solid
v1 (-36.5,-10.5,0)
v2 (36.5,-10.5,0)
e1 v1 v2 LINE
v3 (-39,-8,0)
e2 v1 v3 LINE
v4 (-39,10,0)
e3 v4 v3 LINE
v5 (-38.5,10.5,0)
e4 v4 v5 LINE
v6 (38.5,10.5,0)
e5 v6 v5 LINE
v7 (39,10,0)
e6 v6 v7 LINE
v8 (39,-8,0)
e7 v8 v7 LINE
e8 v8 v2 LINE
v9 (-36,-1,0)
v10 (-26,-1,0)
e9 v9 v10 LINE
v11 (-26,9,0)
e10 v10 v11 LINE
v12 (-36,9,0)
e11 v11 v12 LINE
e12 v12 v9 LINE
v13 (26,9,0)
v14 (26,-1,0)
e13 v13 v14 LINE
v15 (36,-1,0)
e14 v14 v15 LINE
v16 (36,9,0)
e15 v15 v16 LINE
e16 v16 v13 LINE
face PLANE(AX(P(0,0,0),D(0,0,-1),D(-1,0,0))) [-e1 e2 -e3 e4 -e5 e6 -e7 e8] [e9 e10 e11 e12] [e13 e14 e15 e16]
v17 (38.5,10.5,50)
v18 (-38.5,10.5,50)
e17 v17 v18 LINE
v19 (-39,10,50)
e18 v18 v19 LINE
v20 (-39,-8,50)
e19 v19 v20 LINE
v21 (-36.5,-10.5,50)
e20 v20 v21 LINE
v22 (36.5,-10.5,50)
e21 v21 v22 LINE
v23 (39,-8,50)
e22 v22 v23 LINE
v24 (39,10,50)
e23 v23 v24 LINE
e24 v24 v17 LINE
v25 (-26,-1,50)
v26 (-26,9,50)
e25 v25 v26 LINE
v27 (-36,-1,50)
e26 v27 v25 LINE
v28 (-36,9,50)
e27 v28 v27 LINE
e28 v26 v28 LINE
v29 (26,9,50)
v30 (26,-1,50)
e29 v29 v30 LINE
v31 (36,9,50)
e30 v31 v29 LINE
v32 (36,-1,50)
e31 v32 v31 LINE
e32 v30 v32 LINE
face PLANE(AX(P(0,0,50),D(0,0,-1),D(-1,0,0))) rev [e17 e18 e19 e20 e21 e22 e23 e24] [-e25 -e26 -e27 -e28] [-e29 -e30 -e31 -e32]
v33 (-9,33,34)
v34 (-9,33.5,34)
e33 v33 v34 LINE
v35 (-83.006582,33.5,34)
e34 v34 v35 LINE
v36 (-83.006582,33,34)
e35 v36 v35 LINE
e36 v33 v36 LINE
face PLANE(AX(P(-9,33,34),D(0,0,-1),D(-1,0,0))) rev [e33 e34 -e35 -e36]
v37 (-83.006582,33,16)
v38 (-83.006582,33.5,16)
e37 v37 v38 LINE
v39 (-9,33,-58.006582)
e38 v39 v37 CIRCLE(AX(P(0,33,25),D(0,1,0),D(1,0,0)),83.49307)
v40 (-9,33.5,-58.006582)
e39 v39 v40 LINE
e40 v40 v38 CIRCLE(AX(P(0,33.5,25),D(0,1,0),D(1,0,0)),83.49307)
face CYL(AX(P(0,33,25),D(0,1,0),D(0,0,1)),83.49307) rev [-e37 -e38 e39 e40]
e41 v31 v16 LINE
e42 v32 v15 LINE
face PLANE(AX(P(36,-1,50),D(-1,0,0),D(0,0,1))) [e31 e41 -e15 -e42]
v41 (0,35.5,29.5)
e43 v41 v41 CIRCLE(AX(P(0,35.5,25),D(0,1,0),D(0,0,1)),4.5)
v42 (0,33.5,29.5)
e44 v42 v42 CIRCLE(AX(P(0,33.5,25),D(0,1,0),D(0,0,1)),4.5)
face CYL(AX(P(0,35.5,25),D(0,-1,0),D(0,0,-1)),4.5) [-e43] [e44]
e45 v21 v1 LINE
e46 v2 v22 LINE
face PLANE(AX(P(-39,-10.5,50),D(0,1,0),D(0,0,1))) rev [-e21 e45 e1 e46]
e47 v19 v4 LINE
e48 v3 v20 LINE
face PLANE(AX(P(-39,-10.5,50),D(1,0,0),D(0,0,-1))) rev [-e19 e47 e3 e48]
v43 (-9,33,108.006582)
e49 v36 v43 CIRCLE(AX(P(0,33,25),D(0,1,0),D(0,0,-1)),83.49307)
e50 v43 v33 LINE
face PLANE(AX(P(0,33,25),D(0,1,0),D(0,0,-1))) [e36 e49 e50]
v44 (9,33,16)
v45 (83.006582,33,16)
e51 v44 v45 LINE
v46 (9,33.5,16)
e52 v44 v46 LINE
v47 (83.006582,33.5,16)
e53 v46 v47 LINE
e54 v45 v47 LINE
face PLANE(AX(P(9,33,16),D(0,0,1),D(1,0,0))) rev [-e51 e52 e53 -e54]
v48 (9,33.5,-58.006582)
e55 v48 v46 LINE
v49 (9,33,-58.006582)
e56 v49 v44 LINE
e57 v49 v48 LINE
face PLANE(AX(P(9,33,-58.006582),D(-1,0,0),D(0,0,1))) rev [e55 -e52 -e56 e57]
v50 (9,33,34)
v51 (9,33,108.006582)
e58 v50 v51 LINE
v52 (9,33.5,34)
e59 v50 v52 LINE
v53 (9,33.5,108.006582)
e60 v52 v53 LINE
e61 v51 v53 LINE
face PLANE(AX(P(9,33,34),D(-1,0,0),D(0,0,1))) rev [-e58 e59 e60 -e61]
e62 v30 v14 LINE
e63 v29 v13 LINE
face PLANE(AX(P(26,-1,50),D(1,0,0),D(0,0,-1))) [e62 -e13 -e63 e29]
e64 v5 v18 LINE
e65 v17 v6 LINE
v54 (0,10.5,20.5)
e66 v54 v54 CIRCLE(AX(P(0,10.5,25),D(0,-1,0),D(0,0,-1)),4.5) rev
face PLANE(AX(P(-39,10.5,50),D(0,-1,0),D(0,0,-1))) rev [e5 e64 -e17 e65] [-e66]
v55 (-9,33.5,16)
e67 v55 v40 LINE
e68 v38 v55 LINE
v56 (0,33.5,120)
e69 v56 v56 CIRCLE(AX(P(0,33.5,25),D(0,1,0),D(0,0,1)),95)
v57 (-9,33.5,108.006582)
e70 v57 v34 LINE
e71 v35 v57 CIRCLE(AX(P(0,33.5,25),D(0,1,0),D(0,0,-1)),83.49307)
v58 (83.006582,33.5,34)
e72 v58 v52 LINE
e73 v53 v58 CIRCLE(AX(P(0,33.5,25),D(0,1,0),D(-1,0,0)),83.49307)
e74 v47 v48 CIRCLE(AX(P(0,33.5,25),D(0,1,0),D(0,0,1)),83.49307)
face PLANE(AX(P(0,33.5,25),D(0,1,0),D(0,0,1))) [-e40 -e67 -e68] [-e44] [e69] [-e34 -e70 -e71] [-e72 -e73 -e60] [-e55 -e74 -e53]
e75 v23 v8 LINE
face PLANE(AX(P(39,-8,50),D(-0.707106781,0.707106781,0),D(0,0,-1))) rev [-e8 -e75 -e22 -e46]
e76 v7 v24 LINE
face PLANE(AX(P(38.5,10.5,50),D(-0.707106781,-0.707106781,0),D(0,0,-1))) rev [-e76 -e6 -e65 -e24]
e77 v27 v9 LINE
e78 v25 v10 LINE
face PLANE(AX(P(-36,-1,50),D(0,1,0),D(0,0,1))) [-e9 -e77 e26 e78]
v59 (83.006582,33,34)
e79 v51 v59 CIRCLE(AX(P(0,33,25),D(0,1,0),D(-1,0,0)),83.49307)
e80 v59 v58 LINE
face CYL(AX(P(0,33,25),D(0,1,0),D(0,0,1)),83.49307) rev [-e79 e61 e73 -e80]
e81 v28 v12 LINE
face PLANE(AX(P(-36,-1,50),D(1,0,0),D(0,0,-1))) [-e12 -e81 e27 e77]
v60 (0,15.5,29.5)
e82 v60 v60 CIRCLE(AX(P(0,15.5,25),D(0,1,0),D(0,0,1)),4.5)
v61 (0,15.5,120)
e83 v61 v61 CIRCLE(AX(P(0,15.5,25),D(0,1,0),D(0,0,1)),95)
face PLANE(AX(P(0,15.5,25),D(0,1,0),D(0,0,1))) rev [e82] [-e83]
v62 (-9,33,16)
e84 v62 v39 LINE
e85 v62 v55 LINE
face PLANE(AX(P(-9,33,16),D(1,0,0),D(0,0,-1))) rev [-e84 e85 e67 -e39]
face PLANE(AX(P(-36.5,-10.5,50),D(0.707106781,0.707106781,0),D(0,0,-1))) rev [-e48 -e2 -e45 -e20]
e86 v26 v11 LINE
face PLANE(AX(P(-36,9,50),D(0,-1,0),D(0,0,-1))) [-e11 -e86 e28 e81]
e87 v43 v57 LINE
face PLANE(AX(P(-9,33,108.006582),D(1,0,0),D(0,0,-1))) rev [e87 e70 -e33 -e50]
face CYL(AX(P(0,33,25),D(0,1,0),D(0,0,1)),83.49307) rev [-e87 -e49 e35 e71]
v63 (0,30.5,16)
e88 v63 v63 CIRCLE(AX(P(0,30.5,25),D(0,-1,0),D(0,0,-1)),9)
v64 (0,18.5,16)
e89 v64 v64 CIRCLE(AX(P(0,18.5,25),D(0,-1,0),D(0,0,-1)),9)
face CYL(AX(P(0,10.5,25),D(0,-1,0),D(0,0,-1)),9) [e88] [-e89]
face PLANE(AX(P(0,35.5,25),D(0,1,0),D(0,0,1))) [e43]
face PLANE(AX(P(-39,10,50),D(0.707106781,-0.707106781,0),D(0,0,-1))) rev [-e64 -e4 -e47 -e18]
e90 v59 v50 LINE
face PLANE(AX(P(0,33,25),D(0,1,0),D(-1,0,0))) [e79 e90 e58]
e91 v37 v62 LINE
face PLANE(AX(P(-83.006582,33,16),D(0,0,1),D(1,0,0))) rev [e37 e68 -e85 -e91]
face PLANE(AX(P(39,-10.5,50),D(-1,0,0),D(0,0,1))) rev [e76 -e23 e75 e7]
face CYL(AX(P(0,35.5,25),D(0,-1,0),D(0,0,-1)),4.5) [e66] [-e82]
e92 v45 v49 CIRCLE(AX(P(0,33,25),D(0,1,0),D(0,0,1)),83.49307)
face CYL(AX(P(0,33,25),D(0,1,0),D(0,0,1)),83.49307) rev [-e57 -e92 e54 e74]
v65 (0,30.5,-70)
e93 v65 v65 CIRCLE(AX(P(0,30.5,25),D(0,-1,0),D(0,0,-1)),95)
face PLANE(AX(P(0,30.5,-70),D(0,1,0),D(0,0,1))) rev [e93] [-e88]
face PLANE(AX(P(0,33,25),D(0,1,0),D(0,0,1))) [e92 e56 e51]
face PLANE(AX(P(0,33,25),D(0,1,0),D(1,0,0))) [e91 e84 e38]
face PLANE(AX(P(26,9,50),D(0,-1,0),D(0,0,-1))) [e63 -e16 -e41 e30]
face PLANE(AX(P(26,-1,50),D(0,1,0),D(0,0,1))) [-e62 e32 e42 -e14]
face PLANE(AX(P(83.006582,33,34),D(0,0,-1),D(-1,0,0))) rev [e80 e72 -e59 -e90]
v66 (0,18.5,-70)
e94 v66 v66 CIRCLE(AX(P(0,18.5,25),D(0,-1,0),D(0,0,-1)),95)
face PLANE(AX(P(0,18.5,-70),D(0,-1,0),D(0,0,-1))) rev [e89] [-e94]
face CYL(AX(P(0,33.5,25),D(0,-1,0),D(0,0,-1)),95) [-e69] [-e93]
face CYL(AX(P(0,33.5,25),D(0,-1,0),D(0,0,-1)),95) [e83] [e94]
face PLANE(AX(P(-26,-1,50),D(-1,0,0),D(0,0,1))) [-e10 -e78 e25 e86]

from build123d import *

# Parameters (mm, degrees)
SKETCH2_W           = 78
SKETCH2_H           = 21
SKETCH2_W_2         = 10
SKETCH2_H_2         = 10
BOSS_EXTRUDE1_DEPTH = 50
CHAMFER1_SIZE       = 2.5
CHAMFER2_SIZE       = 0.5
SKETCH3_R           = 4.5
BOSS_EXTRUDE2_DEPTH = 25
BOSS_EXTRUDE3_START = 5
SKETCH4_R           = 95
SKETCH4_R_2         = 4.5
BOSS_EXTRUDE3_DEPTH = 18
SKETCH5_W           = 86
SKETCH5_H           = 12
CUT_EXTRUDE1_DEPTH  = 0.5
CIRPATTERN1_COUNT   = 4


with BuildPart() as part:
    # Sketch2 → Boss-Extrude1 (new body)
    with BuildSketch(Plane.XY):
        Rectangle(SKETCH2_W, SKETCH2_H)
        with Locations((-31, 4)):
            Rectangle(SKETCH2_W_2, SKETCH2_H_2, mode=Mode.SUBTRACT)
        with Locations((31, 4)):
            Rectangle(SKETCH2_W_2, SKETCH2_H_2, mode=Mode.SUBTRACT)
    extrude(amount=BOSS_EXTRUDE1_DEPTH)

    # Chamfer1
    chamfer1_edges = [part.edges().sort_by_distance(p)[0] for p in [
        (39, -10.5, 25),
        (-39, -10.5, 25),
    ]]
    chamfer(chamfer1_edges, length=CHAMFER1_SIZE)

    # Chamfer2
    chamfer2_edges = [part.edges().sort_by_distance(p)[0] for p in [
        (-39, 10.5, 25),
        (39, 10.5, 25),
    ]]
    chamfer(chamfer2_edges, length=CHAMFER2_SIZE)

    # Sketch3 → Boss-Extrude2 (add)
    with BuildSketch(Plane(origin=(0, 10.5, 0), x_dir=(1, 0, 0), z_dir=(0, 1, 0))):
        with Locations((0, -25)):
            Circle(SKETCH3_R)
    extrude(amount=BOSS_EXTRUDE2_DEPTH)

    # Sketch4 → Boss-Extrude3 (add)
    with BuildSketch(Plane(origin=(0, 10.5, 0), x_dir=(1, 0, 0), z_dir=(0, 1, 0)).offset(BOSS_EXTRUDE3_START)):
        with Locations((0, -25)):
            Circle(SKETCH4_R)
        with Locations((0, -25)):
            Circle(SKETCH4_R_2, mode=Mode.SUBTRACT)
    extrude(amount=BOSS_EXTRUDE3_DEPTH)

    # Sketch5 → Cut-Revolve1 (revolve, cut)
    with BuildSketch(Plane(origin=(0, 0, 0), x_dir=(0, 0, -1), z_dir=(1, 0, 0))):
        with Locations((27, 24.5)):
            Rectangle(SKETCH5_W, SKETCH5_H)
    revolve(axis=Axis((0, 10.5, 25), (0, 1, 0)), mode=Mode.SUBTRACT)

    # Sketch6 → Cut-Extrude1 (cut)
    with BuildSketch(Plane(origin=(0, 33.5, 0), x_dir=(1, 0, 0), z_dir=(0, 1, 0))):
        with BuildLine():
            Line((9, 58.006582115), (9, -16))
            Line((9, -16), (83.006582115, -16))
            ThreePointArc((83.006582115, -16), (59.03851571, 34.03851571), (9, 58.006582115))
        make_face()
    cut_extrude1 = extrude(amount=-CUT_EXTRUDE1_DEPTH, mode=Mode.SUBTRACT)

    # CirPattern1: Cut-Extrude1 ×4 about axis
    cirpattern1_axis = Axis((0, 0, 25), (0, 1, 0))
    for i in range(1, CIRPATTERN1_COUNT):
        add(cut_extrude1.rotate(cirpattern1_axis, i * 360 / CIRPATTERN1_COUNT), mode=Mode.SUBTRACT)


solid = part.part
